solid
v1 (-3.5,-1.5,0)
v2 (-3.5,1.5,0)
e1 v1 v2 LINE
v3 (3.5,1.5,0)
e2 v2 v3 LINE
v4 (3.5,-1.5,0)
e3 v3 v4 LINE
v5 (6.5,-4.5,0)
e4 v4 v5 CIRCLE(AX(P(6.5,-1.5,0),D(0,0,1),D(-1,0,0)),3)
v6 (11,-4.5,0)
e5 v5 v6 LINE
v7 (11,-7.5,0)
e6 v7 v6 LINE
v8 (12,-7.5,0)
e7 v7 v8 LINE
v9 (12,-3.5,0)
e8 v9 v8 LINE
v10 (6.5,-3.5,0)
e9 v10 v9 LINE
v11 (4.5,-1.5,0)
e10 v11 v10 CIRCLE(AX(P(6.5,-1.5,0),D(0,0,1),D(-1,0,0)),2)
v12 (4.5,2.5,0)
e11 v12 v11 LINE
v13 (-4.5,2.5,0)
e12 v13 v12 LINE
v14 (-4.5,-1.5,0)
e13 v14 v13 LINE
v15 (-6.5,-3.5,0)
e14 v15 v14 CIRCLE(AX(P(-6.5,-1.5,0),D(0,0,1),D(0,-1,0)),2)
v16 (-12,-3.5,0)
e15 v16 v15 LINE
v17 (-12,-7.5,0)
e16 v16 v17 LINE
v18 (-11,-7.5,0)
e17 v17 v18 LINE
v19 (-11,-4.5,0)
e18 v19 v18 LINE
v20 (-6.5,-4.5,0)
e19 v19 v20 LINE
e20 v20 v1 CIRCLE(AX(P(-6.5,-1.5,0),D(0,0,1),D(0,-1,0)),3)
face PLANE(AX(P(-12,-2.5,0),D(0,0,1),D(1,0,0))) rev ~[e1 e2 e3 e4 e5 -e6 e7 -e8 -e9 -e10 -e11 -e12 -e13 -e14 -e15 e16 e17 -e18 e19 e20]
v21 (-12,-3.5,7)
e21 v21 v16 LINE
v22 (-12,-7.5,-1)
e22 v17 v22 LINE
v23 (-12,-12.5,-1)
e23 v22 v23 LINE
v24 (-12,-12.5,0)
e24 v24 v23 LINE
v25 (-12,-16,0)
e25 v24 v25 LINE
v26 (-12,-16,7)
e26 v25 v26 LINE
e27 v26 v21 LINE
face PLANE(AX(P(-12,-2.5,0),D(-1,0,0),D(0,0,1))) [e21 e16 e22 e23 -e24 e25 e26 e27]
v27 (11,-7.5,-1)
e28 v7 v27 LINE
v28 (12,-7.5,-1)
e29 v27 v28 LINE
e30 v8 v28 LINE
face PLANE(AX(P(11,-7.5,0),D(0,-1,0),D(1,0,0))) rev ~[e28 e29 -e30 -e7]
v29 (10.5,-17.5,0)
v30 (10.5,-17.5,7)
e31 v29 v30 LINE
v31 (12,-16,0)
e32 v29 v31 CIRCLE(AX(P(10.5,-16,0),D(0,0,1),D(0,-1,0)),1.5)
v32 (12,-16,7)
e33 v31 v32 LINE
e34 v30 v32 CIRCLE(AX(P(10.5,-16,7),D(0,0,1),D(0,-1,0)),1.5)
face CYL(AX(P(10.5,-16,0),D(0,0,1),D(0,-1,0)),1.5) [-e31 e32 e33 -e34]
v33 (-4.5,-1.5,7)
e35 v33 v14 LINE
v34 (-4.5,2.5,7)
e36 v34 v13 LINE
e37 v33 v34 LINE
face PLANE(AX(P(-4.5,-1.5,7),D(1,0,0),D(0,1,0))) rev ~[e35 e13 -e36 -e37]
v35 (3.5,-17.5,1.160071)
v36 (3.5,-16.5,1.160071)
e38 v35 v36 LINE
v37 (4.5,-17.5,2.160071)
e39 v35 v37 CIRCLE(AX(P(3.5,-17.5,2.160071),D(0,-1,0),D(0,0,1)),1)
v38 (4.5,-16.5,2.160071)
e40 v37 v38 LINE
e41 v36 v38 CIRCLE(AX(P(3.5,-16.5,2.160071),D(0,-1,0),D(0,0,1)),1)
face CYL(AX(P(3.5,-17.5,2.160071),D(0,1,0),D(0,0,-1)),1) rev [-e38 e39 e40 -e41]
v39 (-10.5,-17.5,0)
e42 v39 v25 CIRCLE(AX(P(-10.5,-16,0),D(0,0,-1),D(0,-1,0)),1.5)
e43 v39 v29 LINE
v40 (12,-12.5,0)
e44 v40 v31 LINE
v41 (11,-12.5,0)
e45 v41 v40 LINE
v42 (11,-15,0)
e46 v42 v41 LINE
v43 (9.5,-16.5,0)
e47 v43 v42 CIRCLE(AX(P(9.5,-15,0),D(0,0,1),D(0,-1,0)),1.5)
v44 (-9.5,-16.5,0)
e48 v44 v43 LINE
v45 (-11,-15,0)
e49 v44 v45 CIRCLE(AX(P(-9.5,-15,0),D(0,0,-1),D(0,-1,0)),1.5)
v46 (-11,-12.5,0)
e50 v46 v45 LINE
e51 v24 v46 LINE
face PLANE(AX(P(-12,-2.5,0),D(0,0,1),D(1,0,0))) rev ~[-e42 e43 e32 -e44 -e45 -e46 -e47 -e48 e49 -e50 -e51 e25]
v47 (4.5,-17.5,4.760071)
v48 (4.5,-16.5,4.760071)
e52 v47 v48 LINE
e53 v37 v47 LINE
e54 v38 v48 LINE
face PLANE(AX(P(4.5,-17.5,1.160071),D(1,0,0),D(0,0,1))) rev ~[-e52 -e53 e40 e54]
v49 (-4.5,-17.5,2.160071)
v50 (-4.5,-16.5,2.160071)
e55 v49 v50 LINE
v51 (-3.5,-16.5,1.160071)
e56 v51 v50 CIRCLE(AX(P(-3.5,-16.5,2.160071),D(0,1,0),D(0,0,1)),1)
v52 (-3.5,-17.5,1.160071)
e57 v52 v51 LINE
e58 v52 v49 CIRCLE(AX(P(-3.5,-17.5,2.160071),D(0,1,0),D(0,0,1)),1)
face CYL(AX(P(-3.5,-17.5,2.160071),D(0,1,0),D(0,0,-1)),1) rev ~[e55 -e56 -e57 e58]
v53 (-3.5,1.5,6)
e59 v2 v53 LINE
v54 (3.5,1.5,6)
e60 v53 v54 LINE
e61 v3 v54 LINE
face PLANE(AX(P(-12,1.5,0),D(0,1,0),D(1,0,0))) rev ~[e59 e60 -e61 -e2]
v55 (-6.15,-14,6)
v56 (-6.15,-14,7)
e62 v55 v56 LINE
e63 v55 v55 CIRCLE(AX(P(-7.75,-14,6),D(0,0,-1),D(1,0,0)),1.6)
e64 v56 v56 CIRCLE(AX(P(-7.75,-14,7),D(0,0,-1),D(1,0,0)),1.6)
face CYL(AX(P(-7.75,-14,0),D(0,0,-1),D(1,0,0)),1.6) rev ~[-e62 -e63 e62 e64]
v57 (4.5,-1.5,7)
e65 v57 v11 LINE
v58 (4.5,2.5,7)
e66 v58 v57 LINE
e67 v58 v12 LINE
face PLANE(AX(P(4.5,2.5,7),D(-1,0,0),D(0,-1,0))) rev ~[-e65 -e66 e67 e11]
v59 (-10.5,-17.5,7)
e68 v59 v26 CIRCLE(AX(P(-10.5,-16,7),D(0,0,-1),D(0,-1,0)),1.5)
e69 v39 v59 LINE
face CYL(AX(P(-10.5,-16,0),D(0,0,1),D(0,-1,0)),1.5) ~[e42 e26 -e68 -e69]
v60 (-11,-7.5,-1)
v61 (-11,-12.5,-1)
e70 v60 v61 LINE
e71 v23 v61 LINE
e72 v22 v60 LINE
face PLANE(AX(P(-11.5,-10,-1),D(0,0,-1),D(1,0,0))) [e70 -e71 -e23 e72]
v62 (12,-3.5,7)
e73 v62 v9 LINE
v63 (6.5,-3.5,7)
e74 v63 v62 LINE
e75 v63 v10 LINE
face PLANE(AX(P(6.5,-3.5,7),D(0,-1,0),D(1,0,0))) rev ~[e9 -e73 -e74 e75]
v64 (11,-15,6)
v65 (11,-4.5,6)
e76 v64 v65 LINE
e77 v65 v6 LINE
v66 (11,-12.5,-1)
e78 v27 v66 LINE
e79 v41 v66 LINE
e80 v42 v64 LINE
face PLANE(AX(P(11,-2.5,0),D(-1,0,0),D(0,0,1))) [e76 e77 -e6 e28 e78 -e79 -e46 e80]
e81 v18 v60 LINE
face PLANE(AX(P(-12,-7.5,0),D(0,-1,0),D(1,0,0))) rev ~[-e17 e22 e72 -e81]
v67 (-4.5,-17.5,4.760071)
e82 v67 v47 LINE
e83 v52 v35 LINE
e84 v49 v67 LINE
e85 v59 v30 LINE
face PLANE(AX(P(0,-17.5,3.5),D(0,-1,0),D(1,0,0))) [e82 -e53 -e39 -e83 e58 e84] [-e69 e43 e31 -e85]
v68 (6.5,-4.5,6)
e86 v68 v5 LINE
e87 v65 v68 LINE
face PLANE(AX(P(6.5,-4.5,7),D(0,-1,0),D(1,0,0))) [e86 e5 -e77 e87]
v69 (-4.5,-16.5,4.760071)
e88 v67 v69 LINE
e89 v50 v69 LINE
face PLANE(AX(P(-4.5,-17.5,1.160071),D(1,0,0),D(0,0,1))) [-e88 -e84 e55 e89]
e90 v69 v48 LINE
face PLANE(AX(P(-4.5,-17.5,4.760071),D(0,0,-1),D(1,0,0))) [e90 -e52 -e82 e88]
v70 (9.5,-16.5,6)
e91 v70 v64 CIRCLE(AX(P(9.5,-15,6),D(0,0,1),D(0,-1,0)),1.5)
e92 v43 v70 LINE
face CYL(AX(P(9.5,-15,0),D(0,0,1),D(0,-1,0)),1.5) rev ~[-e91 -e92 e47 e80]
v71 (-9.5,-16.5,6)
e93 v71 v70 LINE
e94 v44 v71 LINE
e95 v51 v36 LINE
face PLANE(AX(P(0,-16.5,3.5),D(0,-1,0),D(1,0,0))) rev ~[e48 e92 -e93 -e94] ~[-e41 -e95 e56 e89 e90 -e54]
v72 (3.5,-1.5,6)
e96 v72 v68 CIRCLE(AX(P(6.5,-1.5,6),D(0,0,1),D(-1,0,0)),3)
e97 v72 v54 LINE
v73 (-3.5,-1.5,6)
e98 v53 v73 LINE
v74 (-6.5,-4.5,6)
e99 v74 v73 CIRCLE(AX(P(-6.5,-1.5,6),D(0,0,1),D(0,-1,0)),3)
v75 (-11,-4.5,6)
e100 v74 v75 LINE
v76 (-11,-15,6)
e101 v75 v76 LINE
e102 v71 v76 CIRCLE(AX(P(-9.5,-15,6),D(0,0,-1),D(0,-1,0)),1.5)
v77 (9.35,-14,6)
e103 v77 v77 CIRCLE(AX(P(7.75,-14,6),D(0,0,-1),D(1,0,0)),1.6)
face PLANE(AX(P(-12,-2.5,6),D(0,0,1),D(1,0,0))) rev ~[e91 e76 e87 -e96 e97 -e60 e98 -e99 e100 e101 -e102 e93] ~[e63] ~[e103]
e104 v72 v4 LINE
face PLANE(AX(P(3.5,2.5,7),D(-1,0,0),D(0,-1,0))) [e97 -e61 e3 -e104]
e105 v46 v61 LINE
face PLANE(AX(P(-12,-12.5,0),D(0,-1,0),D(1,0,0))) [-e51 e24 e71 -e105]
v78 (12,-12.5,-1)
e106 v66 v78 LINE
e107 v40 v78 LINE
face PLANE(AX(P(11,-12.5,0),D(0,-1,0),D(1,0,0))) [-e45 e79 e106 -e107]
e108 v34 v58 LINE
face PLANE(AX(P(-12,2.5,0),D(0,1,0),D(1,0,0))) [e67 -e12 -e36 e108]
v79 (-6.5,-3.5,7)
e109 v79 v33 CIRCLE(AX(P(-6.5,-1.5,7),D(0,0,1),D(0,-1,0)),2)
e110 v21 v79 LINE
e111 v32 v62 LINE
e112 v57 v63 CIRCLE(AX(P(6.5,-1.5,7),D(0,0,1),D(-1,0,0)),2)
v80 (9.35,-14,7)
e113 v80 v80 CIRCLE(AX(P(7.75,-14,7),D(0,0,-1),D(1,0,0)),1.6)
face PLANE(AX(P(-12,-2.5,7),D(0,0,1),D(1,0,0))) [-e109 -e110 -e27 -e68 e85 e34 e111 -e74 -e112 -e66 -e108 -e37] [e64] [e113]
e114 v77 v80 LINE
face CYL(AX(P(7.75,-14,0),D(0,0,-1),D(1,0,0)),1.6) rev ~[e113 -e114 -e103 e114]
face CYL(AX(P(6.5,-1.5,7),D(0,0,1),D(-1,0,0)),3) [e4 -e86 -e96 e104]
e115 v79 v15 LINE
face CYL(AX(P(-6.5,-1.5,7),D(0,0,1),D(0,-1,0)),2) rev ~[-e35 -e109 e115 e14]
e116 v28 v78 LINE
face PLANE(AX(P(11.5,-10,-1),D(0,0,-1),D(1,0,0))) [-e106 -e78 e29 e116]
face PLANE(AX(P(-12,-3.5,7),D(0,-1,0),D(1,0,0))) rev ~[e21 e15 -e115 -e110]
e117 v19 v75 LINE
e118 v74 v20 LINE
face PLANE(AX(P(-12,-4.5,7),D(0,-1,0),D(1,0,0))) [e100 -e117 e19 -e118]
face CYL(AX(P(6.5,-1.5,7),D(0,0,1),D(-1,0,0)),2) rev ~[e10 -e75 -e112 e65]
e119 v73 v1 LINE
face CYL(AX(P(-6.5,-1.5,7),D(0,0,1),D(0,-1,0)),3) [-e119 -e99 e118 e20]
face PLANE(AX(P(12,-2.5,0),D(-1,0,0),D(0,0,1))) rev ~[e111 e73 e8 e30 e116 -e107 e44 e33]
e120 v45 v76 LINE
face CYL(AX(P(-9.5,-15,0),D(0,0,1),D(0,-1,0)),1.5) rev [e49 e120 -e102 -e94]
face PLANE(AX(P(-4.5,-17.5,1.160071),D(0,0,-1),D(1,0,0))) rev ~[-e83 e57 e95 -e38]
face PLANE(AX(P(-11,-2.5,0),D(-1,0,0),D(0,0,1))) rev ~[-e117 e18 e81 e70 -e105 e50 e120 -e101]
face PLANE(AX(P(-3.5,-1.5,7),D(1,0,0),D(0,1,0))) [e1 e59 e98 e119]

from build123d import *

# Parameters (mm, degrees)
F0_W      = 24
F0_H      = 5
F0_R      = 1.7
F1_DEPTH  = 7
F2_W      = 24
F2_H      = 7
F3_DEPTH  = 15
F4_R      = 1.6
F5_DEPTH  = 25
F7_DEPTH  = 7
F8_T      = -1
F9_W      = 22
F9_H      = 5.6300974414
F10_DEPTH = 6
F11_W     = 9
F11_H     = 3.6
F12_DEPTH = 1
F13_R     = 1
F14_R     = 1.5
F15_W     = 1
F15_H     = 5
F16_DEPTH = 1


with BuildPart() as f1:
    # F0 (on Top) → F1 (new body)
    with BuildSketch(Plane.XY):
        Rectangle(F0_W, F0_H)
        with Locations((-7, 0)):
            Circle(F0_R, mode=Mode.SUBTRACT)
        with Locations((7, 0)):
            Circle(F0_R, mode=Mode.SUBTRACT)
    extrude(amount=F1_DEPTH)

    # F2 (on face) → F3 (join)
    with BuildSketch(Plane.XZ.offset(2.5)):
        with Locations((0, 3.5)):
            Rectangle(F2_W, F2_H)
    extrude(amount=F3_DEPTH)

    # F4 (on face) → F5 (cut)
    with BuildSketch(Plane(origin=(0, 0, 0), x_dir=(1, 0, 0), z_dir=(0, 0, -1))):
        with Locations((-7.75, 14)):
            Circle(F4_R)
        with Locations((7.75, 14)):
            Circle(F4_R)
    extrude(amount=-F5_DEPTH, mode=Mode.SUBTRACT)

    # F6 (on face) → F7 (cut, through all)
    with BuildSketch(Plane.XY.offset(7)):
        with BuildLine():
            Line((-4.5, 2.5), (-12, 2.5))
            Line((-12, 2.5), (-12, -3.5))
            Line((-12, -3.5), (-6.5, -3.5))
            ThreePointArc((-6.5, -3.5), (-5.0857864376, -2.9142135624), (-4.5, -1.5))
            Line((-4.5, -1.5), (-4.5, 2.5))
        make_face()
        with BuildLine():
            Line((12, -3.5), (12, 2.5))
            Line((12, 2.5), (4.5, 2.5))
            Line((4.5, 2.5), (4.5, -1.5))
            ThreePointArc((4.5, -1.5), (5.0857864376, -2.9142135624), (6.5, -3.5))
            Line((6.5, -3.5), (12, -3.5))
        make_face()
    extrude(amount=-F7_DEPTH, mode=Mode.SUBTRACT)

    # F8
    f8_openings = [f1.faces().sort_by_distance(p)[0] for p in [
        (0, -8.878513, 0),
    ]]
    offset(amount=F8_T, openings=f8_openings)

    # F9 (on face) → F10 (cut, through all)
    with BuildSketch(Plane(origin=(0, 0, 0), x_dir=(1, 0, 0), z_dir=(0, 0, -1))):
        with Locations((0, 13.6849512793)):
            Rectangle(F9_W, F9_H)
    extrude(amount=-F10_DEPTH, mode=Mode.SUBTRACT)

    # F11 (on face) → F12 (cut, through all)
    with BuildSketch(Plane.XZ.offset(17.5)):
        with Locations((0, 2.9600709677)):
            Rectangle(F11_W, F11_H)
    extrude(amount=-F12_DEPTH, mode=Mode.SUBTRACT)

    # F13
    f13_edges = [f1.edges().sort_by_distance(p)[0] for p in [
        (-4.5, -17, 1.160071),
        (4.5, -17, 1.160071),
    ]]
    fillet(f13_edges, radius=F13_R)

    # F14
    f14_edges = [f1.edges().sort_by_distance(p)[0] for p in [
        (12, -17.5, 3.5),
        (11, -16.5, 3),
        (-11, -16.5, 3),
        (-12, -17.5, 3.5),
    ]]
    fillet(f14_edges, radius=F14_R)

    # F15 (on face) → F16 (join)
    with BuildSketch(Plane(origin=(0, 0, 0), x_dir=(1, 0, 0), z_dir=(0, 0, -1))):
        with Locations((11.5, 10)):
            Rectangle(F15_W, F15_H)
        with Locations((-11.5, 10)):
            Rectangle(F15_W, F15_H)
    extrude(amount=F16_DEPTH)


solid = f1.part
